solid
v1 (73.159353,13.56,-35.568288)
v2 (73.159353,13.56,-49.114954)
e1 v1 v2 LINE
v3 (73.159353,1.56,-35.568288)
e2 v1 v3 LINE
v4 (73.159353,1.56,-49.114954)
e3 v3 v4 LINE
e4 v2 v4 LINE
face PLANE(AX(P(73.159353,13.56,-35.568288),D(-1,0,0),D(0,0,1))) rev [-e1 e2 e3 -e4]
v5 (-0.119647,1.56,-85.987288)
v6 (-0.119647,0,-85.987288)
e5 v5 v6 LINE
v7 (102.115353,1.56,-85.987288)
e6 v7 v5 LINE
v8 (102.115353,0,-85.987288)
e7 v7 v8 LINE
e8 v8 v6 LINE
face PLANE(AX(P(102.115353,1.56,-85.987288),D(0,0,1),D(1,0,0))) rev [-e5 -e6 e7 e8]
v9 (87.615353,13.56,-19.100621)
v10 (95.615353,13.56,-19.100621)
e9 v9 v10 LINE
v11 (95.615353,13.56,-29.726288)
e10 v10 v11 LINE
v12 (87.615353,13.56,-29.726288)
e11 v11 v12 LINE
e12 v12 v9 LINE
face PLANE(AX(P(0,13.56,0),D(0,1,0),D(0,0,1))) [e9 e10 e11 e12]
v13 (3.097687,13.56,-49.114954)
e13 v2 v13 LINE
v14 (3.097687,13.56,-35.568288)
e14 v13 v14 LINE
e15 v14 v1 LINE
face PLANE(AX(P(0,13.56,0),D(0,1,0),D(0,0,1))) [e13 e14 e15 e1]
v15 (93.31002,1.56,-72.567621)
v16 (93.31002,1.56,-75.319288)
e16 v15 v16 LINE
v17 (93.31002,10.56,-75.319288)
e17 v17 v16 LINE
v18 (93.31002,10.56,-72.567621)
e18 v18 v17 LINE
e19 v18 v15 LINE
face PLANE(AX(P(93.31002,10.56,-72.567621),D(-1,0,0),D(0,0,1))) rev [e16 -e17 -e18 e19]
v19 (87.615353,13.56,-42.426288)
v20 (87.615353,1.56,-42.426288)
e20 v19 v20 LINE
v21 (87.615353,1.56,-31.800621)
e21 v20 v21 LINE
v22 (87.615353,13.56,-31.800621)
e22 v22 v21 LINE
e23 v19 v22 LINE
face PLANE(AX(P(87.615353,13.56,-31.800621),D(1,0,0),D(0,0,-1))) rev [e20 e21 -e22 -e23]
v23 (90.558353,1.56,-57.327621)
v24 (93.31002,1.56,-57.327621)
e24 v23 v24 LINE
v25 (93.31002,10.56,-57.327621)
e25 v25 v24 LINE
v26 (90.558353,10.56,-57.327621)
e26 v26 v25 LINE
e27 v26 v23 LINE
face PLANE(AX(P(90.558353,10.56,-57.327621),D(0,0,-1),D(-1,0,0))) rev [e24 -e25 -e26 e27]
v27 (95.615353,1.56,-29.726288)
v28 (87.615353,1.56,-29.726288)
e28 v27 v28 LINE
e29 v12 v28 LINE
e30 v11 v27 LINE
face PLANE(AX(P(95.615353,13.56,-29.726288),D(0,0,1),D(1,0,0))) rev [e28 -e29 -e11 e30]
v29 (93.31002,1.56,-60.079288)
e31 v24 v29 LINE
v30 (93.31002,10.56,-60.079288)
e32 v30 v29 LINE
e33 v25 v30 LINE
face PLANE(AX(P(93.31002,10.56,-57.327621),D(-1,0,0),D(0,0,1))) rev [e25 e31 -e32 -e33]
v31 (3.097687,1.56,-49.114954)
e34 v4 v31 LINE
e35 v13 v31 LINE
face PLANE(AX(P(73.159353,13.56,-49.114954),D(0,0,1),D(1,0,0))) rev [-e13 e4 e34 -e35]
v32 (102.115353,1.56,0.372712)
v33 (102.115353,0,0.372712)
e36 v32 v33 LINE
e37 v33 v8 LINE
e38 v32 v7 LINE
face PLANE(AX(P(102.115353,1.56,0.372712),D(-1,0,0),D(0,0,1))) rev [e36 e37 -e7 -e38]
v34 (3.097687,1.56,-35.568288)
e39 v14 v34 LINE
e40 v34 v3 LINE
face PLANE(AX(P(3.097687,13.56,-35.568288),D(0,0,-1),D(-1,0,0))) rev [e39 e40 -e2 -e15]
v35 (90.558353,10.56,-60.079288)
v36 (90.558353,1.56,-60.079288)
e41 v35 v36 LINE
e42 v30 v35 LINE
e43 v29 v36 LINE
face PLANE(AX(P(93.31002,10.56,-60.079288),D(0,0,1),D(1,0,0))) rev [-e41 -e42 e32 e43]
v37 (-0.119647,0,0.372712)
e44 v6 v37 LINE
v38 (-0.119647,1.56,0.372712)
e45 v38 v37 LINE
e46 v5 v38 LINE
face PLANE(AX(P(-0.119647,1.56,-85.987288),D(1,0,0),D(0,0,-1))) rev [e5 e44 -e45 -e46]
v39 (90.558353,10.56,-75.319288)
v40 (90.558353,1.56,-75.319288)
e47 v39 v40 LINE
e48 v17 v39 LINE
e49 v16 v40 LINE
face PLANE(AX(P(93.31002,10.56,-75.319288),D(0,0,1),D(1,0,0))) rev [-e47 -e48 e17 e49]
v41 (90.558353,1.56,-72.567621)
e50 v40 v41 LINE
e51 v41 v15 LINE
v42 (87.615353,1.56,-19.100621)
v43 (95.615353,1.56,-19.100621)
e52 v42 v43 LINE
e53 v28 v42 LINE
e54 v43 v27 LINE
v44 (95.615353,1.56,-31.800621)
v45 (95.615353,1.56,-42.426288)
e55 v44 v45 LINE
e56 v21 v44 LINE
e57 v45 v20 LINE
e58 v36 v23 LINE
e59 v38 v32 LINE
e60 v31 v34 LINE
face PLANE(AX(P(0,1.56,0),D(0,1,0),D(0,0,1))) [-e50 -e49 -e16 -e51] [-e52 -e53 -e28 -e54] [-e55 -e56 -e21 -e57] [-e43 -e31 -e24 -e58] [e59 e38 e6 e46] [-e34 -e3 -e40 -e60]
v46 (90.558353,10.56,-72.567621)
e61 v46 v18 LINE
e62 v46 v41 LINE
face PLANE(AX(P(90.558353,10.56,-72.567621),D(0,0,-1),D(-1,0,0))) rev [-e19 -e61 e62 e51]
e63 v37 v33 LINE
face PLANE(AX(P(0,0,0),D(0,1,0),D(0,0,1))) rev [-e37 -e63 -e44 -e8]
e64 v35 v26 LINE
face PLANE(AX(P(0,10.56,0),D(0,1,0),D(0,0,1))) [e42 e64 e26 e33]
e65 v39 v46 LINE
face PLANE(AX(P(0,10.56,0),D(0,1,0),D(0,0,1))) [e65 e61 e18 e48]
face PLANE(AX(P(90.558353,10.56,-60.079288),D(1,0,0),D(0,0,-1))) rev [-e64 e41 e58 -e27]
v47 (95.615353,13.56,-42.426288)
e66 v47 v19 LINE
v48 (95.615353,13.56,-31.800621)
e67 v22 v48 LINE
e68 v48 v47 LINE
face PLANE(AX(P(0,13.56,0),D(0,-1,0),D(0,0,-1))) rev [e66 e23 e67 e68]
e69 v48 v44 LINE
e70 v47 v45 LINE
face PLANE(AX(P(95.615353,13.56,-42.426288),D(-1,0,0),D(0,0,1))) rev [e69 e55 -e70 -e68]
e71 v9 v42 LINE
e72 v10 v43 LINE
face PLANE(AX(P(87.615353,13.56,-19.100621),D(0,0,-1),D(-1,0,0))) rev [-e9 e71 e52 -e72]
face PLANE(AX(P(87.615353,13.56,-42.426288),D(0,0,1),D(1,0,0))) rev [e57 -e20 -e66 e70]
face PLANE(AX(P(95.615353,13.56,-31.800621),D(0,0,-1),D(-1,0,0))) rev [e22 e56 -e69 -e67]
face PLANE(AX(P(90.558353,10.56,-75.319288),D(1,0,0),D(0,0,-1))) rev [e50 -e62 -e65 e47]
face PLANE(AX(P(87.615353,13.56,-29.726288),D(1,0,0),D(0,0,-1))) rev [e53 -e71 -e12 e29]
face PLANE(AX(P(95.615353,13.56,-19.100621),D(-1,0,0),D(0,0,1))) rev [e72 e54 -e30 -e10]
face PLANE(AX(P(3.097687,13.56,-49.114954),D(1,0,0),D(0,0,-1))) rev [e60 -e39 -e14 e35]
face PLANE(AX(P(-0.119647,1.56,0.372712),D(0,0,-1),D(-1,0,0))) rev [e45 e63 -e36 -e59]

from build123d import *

# Parameters (mm, degrees)
SKETCH3_W           = 102.235
SKETCH3_H           = 86.36
BOSS_EXTRUDE1_DEPTH = 1.56
SKETCH4_W           = 70.061666
SKETCH4_H           = 13.546666
BOSS_EXTRUDE2_DEPTH = 12
SKETCH5_W           = 8
SKETCH5_H           = 10.625667
BOSS_EXTRUDE3_DEPTH = 12
SKETCH6_W           = 2.751667
SKETCH6_H           = 2.751667
BOSS_EXTRUDE4_DEPTH = 9


with BuildPart() as part:
    # Sketch3 → Boss-Extrude1 (new body)
    with BuildSketch(Plane(origin=(0, 0, 0), x_dir=(1, 0, 0), z_dir=(0, 1, 0))):
        with Locations((50.997852632, 42.807288421)):
            Rectangle(SKETCH3_W, SKETCH3_H)
    extrude(amount=BOSS_EXTRUDE1_DEPTH)

    # Sketch4 → Boss-Extrude2 (add)
    with BuildSketch(Plane(origin=(0, 1.56, 0), x_dir=(1, 0, 0), z_dir=(0, 1, 0))):
        with Locations((38.128519632, 42.341621421)):
            Rectangle(SKETCH4_W, SKETCH4_H)
    extrude(amount=BOSS_EXTRUDE2_DEPTH)

    # Sketch5 → Boss-Extrude3 (add)
    with BuildSketch(Plane(origin=(0, 1.56, 0), x_dir=(1, 0, 0), z_dir=(0, 1, 0))):
        with Locations((91.615352632, 37.113454921)):
            Rectangle(SKETCH5_W, SKETCH5_H)
        with Locations((91.615352632, 24.413454921)):
            Rectangle(SKETCH5_W, SKETCH5_H)
    extrude(amount=BOSS_EXTRUDE3_DEPTH)

    # Sketch6 → Boss-Extrude4 (add)
    with BuildSketch(Plane(origin=(0, 1.56, 0), x_dir=(1, 0, 0), z_dir=(0, 1, 0))):
        with Locations((91.934186132, 58.703454921)):
            Rectangle(SKETCH6_W, SKETCH6_H)
        with Locations((91.934186132, 73.943454921)):
            Rectangle(SKETCH6_W, SKETCH6_H)
    extrude(amount=BOSS_EXTRUDE4_DEPTH)


solid = part.part
